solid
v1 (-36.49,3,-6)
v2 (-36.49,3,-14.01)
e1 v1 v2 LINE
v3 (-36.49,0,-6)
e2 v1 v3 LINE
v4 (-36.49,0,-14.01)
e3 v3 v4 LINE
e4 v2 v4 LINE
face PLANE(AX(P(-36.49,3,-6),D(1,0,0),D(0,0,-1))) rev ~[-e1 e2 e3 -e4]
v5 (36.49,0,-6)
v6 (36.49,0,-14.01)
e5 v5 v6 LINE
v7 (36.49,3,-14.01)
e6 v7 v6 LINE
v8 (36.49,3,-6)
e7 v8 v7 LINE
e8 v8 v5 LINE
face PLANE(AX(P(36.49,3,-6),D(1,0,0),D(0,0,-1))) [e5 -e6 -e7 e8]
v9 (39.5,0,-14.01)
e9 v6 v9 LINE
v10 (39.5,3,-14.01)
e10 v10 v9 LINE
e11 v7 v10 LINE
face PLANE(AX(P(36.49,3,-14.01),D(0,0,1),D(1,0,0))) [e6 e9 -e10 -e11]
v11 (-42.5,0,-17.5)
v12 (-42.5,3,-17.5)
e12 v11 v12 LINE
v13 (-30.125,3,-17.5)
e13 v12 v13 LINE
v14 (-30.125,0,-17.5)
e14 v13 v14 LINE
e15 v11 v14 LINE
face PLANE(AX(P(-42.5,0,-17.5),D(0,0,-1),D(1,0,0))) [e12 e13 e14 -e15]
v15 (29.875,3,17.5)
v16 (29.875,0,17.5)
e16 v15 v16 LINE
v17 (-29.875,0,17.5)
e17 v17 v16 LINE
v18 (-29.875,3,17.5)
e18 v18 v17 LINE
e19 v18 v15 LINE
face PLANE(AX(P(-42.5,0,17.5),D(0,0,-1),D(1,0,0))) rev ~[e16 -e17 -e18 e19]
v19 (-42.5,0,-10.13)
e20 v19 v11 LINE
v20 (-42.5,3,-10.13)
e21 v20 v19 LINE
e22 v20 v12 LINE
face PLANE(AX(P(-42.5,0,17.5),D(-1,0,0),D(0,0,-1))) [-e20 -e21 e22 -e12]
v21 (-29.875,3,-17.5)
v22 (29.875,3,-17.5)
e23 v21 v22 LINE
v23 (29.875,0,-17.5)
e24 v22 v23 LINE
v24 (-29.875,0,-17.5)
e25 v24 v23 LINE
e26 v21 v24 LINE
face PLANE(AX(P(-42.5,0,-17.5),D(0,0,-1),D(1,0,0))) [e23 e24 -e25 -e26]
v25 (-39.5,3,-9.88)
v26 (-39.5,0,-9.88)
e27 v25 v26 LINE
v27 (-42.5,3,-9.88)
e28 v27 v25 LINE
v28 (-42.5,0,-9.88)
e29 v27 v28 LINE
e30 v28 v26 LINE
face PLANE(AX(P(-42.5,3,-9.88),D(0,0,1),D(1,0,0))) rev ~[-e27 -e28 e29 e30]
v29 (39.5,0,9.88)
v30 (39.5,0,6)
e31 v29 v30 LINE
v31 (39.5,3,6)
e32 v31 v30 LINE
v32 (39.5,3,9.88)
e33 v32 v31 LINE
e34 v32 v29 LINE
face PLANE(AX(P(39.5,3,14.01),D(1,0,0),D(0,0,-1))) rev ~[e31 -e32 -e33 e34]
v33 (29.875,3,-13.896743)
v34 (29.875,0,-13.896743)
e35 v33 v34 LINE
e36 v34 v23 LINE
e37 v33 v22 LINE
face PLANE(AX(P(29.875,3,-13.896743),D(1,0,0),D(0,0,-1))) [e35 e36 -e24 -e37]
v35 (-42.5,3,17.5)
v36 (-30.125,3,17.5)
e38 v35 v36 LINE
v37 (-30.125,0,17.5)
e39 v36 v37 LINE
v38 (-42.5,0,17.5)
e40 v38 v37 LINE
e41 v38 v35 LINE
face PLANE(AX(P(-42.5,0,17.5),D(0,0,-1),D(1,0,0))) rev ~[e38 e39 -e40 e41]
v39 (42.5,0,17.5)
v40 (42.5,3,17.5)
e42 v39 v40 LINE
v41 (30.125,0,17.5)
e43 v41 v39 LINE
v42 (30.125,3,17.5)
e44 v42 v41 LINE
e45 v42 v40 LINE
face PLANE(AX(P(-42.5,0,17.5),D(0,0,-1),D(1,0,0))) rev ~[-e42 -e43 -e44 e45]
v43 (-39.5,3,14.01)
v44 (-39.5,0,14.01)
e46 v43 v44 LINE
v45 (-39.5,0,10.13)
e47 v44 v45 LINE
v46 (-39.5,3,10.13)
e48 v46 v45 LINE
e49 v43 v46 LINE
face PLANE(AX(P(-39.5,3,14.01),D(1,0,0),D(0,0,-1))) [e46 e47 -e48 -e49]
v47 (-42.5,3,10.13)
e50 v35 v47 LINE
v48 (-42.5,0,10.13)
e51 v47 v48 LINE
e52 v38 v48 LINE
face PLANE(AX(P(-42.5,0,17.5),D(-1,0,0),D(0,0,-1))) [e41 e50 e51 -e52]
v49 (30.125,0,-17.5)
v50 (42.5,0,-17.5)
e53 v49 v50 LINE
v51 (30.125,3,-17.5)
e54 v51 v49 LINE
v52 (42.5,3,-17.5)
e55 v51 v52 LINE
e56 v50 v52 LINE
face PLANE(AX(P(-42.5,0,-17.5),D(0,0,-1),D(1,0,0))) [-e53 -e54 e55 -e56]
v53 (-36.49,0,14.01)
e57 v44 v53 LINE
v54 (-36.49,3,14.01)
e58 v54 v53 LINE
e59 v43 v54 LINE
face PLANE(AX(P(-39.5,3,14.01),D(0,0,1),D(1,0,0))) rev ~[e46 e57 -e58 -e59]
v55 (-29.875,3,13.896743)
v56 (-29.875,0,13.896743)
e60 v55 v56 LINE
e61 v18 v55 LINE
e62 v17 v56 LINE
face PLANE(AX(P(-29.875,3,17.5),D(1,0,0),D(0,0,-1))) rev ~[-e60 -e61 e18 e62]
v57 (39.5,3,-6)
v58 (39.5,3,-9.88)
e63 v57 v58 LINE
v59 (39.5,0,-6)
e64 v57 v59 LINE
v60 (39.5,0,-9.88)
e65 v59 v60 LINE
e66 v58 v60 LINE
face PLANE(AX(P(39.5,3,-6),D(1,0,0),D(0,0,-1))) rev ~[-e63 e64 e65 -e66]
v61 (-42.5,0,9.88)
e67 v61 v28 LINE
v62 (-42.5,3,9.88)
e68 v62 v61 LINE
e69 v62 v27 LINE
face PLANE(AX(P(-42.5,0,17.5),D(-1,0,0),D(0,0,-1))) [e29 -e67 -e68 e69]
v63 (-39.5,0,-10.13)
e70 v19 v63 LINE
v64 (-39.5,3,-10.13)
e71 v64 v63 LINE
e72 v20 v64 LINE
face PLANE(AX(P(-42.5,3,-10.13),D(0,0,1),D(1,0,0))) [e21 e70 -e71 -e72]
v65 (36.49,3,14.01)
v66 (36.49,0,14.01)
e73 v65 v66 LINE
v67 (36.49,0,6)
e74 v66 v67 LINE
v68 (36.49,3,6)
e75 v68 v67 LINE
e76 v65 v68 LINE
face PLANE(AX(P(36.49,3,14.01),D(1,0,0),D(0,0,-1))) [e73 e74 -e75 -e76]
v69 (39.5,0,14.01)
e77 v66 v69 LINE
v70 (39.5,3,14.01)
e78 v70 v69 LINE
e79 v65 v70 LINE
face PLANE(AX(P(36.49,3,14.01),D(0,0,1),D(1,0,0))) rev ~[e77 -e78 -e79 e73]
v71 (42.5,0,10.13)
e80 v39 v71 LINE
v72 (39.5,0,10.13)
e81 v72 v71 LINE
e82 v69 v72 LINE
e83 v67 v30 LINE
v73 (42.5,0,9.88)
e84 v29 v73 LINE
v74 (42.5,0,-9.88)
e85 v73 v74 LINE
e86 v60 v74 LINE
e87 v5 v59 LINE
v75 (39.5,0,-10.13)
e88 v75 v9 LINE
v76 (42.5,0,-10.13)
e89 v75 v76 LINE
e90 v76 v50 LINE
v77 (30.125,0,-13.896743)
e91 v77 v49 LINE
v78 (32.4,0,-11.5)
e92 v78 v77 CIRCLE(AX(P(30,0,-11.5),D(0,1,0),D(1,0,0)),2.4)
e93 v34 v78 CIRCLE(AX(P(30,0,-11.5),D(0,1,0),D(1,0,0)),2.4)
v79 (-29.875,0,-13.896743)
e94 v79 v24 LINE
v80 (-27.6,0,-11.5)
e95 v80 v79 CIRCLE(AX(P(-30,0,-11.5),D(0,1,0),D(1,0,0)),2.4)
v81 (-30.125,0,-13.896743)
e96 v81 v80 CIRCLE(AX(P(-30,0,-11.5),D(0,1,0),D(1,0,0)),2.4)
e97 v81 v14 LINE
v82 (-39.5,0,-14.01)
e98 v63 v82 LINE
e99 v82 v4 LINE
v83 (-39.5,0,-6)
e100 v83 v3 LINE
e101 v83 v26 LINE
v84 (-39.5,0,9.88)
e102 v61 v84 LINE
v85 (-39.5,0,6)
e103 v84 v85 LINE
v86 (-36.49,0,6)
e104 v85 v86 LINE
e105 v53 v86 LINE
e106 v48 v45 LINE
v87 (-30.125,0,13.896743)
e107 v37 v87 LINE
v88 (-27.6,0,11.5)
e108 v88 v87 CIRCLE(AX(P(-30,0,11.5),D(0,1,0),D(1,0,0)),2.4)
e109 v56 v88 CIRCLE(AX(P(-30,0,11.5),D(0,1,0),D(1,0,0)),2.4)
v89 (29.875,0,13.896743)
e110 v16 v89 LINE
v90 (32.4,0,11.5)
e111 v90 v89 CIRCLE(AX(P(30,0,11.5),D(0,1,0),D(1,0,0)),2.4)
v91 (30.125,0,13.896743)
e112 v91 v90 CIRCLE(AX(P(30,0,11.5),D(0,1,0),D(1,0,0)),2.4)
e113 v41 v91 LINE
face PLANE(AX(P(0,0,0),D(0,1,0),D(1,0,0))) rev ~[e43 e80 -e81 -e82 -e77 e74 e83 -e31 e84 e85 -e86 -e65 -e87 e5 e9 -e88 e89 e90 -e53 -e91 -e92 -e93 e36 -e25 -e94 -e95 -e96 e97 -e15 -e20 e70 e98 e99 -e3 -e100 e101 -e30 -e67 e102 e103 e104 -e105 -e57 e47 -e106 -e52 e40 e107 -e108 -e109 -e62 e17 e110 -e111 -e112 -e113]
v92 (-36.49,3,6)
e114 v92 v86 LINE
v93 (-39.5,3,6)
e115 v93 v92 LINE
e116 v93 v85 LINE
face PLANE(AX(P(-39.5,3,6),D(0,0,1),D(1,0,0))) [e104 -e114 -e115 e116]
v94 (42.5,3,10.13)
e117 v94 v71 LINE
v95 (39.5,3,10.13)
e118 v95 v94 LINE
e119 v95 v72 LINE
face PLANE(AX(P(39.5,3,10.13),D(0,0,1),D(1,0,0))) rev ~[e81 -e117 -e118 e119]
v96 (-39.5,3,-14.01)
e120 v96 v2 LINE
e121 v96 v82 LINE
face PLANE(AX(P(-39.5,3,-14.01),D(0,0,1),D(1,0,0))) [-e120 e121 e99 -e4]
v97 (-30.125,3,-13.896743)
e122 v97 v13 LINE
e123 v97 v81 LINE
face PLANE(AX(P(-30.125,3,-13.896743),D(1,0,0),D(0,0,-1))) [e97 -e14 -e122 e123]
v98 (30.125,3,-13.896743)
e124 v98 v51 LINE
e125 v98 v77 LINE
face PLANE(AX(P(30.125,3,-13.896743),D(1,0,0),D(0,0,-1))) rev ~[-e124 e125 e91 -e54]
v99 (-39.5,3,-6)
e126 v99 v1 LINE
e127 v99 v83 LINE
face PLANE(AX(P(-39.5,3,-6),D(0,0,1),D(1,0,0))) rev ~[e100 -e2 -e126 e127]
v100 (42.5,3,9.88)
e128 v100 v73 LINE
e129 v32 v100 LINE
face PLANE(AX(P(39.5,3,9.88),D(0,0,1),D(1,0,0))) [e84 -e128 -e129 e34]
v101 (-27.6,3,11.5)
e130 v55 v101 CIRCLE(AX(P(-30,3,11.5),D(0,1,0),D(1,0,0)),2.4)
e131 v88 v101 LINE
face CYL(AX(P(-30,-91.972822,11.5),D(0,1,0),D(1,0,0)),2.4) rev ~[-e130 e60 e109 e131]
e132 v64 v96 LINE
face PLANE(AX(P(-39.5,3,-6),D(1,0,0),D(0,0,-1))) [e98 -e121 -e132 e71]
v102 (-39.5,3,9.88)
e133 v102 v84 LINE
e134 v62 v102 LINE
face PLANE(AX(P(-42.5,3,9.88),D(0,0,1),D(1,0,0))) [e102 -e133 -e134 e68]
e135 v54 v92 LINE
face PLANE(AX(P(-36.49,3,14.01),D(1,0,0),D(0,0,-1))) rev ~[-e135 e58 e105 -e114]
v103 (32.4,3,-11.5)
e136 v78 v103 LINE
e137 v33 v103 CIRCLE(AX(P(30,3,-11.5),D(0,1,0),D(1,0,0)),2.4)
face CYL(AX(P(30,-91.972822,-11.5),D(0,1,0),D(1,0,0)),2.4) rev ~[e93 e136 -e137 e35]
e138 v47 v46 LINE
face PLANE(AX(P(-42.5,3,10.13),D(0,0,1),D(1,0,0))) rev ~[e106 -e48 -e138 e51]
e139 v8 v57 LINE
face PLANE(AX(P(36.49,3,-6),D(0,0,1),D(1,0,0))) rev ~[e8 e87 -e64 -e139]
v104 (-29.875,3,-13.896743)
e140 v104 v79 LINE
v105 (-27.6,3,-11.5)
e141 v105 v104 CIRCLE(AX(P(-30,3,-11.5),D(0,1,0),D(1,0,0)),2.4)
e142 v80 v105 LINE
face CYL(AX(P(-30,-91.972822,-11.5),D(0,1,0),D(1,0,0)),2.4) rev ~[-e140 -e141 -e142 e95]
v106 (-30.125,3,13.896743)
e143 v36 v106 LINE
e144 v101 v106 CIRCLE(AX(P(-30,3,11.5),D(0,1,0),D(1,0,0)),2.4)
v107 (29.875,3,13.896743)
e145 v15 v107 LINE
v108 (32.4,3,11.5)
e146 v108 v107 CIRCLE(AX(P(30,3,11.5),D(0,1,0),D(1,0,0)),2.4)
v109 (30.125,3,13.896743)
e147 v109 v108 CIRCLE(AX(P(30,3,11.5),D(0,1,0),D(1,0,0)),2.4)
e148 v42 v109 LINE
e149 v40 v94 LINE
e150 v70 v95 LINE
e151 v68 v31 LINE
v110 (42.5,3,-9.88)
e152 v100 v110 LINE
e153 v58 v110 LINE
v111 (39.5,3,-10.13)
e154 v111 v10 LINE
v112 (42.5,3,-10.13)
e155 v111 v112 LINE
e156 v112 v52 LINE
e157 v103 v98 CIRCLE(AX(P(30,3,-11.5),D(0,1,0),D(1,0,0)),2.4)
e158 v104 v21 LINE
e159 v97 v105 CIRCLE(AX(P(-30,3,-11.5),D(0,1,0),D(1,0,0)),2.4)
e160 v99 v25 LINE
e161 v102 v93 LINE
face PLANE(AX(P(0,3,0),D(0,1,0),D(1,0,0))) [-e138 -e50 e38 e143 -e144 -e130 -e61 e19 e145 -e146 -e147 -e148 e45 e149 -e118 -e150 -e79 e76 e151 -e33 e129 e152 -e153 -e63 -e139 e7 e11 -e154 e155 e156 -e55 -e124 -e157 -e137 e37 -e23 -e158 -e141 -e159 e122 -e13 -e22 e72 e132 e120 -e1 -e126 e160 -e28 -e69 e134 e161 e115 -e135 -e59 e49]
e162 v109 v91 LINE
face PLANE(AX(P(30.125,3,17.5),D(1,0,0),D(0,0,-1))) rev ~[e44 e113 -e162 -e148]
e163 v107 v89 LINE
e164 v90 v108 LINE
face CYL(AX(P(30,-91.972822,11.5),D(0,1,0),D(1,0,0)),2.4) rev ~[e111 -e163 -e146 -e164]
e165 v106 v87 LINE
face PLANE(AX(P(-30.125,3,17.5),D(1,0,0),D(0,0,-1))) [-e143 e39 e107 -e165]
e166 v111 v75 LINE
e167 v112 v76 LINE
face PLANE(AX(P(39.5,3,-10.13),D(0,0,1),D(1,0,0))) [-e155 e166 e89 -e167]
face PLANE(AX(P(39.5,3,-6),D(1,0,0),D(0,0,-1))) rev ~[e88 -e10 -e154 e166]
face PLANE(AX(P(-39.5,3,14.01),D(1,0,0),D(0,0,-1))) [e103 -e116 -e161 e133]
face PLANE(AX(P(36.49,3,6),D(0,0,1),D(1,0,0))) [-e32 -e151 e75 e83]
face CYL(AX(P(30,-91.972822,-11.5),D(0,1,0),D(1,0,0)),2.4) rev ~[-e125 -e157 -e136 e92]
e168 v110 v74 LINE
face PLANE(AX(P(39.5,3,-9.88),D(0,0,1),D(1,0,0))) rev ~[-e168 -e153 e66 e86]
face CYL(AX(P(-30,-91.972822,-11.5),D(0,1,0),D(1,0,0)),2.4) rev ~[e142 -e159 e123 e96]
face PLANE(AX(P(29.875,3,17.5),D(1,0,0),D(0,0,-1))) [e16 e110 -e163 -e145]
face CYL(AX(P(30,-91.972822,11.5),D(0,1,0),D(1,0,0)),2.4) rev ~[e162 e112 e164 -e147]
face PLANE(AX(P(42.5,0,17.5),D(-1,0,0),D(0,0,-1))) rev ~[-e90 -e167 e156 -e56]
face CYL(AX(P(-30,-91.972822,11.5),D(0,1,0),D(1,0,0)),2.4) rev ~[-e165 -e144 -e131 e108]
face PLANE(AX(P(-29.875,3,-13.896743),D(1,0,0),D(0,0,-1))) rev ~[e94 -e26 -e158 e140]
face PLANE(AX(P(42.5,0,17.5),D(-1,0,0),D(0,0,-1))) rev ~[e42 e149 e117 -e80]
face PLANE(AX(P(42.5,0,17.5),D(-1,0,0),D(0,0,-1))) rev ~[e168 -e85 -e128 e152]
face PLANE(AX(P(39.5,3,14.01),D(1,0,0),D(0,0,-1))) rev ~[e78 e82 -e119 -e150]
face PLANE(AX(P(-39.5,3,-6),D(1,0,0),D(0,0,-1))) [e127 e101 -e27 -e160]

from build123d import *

# Parameters (mm, degrees)
ESBO_O2_W                = 85
ESBO_O2_H                = 35
RESSALTO_EXTRUS_O2_DEPTH = 3
FURO_COM_FOLGA_DE_M41_D  = 4.8
ESBO_O10_W               = 3.01
ESBO_O10_H               = 8.01
CORTE_EXTRUS_O2_DEPTH    = 10
ESBO_O11_W               = 3
ESBO_O11_H               = 0.25
ESBO_O11_W_2             = 0.25
ESBO_O11_H_2             = 3.603257419
CORTE_EXTRUS_O3_DEPTH    = 47.059743812


with BuildPart() as part:
    # Esboço2 → Ressalto-extrusão2 (new body)
    with BuildSketch(Plane(origin=(0, 0, 0), x_dir=(1, 0, 0), z_dir=(0, 1, 0))):
        Rectangle(ESBO_O2_W, ESBO_O2_H)
    extrude(amount=RESSALTO_EXTRUS_O2_DEPTH)

    # Furo com folga de M41 (through all)
    with Locations(Plane(origin=(0, 0, 0), x_dir=(-1, 0, 0), z_dir=(0, -1, 0))):
        with Locations((30, -11.5), (30, 11.5), (-30, 11.5), (-30, -11.5)):
            Hole(FURO_COM_FOLGA_DE_M41_D / 2)

    # Esboço10 → Corte-extrusão2 (cut)
    with BuildSketch(Plane(origin=(0, 3, 0), x_dir=(1, 0, 0), z_dir=(0, 1, 0))):
        with Locations((-37.995, 10.005)):
            Rectangle(ESBO_O10_W, ESBO_O10_H)
        with Locations((-37.995, -10.005)):
            Rectangle(ESBO_O10_W, ESBO_O10_H)
        with Locations((37.995, -10.005)):
            Rectangle(ESBO_O10_W, ESBO_O10_H)
        with Locations((37.995, 10.005)):
            Rectangle(ESBO_O10_W, ESBO_O10_H)
    extrude(amount=-CORTE_EXTRUS_O2_DEPTH, mode=Mode.SUBTRACT)

    # Esboço11 → Corte-extrusão3 (cut, through all)
    with BuildSketch(Plane(origin=(0, 3, 0), x_dir=(1, 0, 0), z_dir=(0, 1, 0))):
        with Locations((-41, 10.005)):
            Rectangle(ESBO_O11_W, ESBO_O11_H)
        with Locations((-30, 15.698371291)):
            Rectangle(ESBO_O11_W_2, ESBO_O11_H_2)
        with Locations((-30, -15.698371291)):
            Rectangle(ESBO_O11_W_2, ESBO_O11_H_2)
        with Locations((-41, -10.005)):
            Rectangle(ESBO_O11_W, ESBO_O11_H)
        with Locations((41, -10.005)):
            Rectangle(ESBO_O11_W, ESBO_O11_H)
        with Locations((30, -15.698371291)):
            Rectangle(ESBO_O11_W_2, ESBO_O11_H_2)
        with Locations((30, 15.698371291)):
            Rectangle(ESBO_O11_W_2, ESBO_O11_H_2)
        with Locations((41, 10.005)):
            Rectangle(ESBO_O11_W, ESBO_O11_H)
    extrude(amount=-CORTE_EXTRUS_O3_DEPTH, mode=Mode.SUBTRACT)


solid = part.part
